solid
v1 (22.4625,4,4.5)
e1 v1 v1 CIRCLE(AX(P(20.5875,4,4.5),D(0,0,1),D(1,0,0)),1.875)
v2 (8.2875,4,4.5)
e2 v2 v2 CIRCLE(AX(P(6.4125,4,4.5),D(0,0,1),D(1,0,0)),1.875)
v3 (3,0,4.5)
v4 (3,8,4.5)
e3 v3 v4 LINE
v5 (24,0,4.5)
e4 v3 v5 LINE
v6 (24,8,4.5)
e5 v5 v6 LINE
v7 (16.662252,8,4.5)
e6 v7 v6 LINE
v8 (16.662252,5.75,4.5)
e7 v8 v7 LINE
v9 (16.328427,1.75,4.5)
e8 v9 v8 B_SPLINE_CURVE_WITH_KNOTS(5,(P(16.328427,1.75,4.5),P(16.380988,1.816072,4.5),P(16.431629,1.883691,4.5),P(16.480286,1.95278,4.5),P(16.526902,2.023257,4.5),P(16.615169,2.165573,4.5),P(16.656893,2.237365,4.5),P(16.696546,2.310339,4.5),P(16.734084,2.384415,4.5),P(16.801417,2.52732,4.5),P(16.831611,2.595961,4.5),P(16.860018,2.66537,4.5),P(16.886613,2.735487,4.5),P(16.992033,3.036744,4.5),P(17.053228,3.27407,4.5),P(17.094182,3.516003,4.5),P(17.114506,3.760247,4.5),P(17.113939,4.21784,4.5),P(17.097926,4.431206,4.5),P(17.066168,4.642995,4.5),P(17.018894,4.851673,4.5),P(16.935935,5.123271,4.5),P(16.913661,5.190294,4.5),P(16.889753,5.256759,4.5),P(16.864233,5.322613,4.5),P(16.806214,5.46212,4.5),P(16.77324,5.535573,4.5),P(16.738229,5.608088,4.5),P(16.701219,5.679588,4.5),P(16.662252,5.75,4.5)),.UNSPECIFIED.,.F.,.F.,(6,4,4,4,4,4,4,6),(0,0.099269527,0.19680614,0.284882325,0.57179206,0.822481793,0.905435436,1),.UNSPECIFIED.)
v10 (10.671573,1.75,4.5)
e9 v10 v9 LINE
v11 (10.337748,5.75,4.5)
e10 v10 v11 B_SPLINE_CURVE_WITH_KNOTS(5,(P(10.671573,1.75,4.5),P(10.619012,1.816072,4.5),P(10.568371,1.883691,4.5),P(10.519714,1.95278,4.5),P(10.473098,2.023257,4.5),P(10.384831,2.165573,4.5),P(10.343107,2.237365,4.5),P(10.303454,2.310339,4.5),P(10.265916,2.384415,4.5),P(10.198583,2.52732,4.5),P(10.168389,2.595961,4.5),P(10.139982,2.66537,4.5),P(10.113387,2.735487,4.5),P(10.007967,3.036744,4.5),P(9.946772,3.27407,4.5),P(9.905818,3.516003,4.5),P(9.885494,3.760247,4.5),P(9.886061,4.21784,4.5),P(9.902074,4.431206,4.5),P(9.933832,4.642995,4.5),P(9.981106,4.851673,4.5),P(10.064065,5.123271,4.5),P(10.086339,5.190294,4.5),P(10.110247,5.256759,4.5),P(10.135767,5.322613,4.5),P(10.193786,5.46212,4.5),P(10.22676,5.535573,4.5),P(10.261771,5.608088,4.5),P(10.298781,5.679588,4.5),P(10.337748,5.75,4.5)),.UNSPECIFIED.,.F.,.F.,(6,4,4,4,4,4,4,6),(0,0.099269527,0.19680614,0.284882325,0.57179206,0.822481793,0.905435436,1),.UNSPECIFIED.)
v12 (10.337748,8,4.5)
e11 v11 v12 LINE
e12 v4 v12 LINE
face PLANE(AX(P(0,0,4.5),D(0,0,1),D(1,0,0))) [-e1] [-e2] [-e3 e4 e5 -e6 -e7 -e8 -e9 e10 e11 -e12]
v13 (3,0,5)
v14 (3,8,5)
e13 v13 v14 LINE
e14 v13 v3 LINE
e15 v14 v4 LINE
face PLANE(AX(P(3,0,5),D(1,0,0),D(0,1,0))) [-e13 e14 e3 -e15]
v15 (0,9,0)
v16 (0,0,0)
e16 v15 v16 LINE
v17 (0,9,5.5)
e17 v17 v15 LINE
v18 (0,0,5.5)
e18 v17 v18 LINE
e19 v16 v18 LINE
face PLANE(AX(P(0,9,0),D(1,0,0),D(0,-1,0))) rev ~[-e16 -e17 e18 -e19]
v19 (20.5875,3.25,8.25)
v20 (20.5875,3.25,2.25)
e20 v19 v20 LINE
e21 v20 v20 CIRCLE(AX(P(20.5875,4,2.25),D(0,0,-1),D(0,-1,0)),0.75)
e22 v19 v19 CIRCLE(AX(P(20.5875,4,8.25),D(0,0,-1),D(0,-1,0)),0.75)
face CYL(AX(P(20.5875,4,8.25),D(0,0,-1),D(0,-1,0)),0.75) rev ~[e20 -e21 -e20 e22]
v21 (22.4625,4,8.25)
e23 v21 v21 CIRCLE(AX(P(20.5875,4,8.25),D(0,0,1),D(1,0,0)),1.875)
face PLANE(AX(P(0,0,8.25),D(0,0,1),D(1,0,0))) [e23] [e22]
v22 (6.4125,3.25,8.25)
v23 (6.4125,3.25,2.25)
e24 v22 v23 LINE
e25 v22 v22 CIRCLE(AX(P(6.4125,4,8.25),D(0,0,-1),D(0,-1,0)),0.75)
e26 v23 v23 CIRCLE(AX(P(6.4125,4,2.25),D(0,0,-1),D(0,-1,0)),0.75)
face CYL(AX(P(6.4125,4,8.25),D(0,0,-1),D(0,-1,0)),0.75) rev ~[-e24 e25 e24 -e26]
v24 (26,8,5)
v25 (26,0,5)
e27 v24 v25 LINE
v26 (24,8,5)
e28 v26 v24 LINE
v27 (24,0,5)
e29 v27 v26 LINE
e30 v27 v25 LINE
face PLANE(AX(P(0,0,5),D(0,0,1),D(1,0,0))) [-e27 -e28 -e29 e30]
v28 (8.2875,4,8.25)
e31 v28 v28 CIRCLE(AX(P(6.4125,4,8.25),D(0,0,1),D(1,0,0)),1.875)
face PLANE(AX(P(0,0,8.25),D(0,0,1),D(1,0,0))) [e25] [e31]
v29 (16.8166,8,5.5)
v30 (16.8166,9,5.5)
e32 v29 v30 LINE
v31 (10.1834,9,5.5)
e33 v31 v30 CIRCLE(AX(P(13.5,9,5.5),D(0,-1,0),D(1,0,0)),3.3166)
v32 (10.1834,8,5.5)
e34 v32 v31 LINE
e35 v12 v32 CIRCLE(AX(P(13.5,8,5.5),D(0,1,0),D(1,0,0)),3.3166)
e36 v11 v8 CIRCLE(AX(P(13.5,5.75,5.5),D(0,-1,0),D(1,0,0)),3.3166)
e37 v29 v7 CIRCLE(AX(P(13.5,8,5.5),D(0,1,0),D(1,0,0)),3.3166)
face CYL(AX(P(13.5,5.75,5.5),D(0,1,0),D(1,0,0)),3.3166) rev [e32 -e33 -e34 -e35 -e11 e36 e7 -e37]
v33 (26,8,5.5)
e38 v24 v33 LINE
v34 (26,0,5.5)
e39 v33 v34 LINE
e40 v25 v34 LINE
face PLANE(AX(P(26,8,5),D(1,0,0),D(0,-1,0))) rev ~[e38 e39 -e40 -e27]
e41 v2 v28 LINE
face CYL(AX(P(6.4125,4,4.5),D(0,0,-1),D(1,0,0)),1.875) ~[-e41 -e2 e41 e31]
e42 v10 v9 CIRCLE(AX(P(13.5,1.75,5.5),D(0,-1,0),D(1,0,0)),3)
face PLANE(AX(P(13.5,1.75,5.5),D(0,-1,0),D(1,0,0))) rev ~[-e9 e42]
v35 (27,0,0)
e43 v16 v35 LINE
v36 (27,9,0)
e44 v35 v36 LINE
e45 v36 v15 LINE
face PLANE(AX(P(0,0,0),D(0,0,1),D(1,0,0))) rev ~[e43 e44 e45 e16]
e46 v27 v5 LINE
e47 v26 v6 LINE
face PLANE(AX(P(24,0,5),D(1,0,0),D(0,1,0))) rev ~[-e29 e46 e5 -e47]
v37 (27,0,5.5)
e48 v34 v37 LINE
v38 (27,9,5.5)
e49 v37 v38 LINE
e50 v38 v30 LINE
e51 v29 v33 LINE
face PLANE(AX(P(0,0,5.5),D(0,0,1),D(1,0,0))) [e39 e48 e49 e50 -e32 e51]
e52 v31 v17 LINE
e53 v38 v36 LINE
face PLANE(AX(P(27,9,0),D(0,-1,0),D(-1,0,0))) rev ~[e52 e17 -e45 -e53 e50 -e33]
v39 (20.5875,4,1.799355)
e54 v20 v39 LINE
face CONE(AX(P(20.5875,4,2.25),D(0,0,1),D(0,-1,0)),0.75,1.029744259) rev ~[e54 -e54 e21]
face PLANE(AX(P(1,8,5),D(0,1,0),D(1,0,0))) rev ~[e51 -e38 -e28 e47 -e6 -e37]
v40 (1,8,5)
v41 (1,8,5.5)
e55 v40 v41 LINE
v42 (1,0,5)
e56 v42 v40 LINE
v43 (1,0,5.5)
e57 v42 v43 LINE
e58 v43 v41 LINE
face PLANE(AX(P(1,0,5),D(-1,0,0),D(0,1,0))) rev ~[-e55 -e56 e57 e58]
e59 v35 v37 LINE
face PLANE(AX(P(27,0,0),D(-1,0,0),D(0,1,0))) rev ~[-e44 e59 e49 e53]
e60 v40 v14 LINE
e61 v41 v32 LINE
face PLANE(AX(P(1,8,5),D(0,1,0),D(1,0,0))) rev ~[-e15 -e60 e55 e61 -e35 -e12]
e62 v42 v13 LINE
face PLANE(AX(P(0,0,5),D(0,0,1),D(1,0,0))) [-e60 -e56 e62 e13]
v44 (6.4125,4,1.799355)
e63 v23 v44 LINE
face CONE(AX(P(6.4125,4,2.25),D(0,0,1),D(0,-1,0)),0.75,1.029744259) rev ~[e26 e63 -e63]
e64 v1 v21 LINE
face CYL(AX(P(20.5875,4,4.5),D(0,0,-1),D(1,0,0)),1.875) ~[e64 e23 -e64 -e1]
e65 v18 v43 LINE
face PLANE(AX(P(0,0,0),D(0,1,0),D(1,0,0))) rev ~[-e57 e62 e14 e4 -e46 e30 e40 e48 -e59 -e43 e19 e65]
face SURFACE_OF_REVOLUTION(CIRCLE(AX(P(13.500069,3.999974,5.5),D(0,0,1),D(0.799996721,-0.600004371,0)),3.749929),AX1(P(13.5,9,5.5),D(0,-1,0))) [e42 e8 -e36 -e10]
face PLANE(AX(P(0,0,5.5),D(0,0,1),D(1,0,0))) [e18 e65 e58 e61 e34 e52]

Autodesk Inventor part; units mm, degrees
ref_plane "YZ Plane" through (0, 0, 0) normal (1, 0, 0) x (0, 1, 0)
ref_plane "XZ Plane" through (0, 0, 0) normal (0, 1, 0) x (-1, 0, 0)
ref_plane "XY Plane" through (0, 0, 0) normal (0, 0, 1) x (1, 0, 0)
sketch "Sketch1" plane through (0, 0, 0) normal (0, 0, 1) x (1, 0, 0)
  line L0 (0, 0) -> (27, 0)
  line L1 (27, 0) -> (27, 9)
  line L2 (27, 9) -> (0, 9)
  line L3 (0, 9) -> (0, 0)
  dimension "d0" = 27
  dimension "d1" = 9
extrude "Extrusion1" add sketch "Sketch1" along normal blind 5
sketch "Sketch2" plane through (0, 0, 5) normal (0, 0, 1) x (1, 0, 0)
  line L0 (0, 0) -> (27, 0) projected
  line L1 (0, 0) -> (1, 0)
  line L2 (1, 0) -> (1, 8)
  line L3 (1, 8) -> (26, 8)
  line L4 (26, 8) -> (26, 0)
  line L5 (27, 0) -> (27, 9) projected
  line L6 (27, 0) -> (26, 0)
  line L7 (27, 0) -> (27, 9)
  line L8 (27, 9) -> (0, 9)
  line L9 (0, 9) -> (0, 0) projected
  line L10 (0, 9) -> (0, 0)
  line L11 (13.5, 12) -> (13.5, -6.262) construction
  dimension "d4" = 1
  dimension "d5" = 1
extrude "Extrusion2" add sketch "Sketch2" along normal blind 0.5 contours L9 L8 L5 L0 L4 L3 L2
sketch "Sketch3" plane through (0, 0, 5) normal (0, 0, 1) x (1, 0, 0)
  line L0 (26, 0) -> (26, 8) construction
  line L1 (26, 8) -> (1, 8) construction
  line L2 (1, 8) -> (1, 0) construction
  line L3 (1, 0) -> (26, 0) construction
  line L4 (0, 0) -> (1, 0) construction
  line L5 (1, 0) -> (1, 8) construction
  line L6 (1, 8) -> (26, 8) construction
  line L7 (26, 8) -> (26, 0) construction
  line L8 (26, 0) -> (27, 0) construction
  line L9 (27, 0) -> (27, 9) construction
  line L10 (27, 9) -> (0, 9) construction
  line L11 (0, 9) -> (0, 0) construction
  line L12 (3, 0) -> (24, 0)
  line L13 (0, 0) -> (27, 0) projected
  line L14 (3, 0) -> (3, 8)
  line L15 (24, 0) -> (24, 8)
  line L16 (13.5, 10.7744) -> (13.5, -2.6721) construction
  line L17 (3, 8) -> (24, 8)
  dimension "d8" = 21
extrude "Extrusion3" cut sketch "Sketch3" against normal blind 0.5
sketch "Sketch4" plane through (0, 0, 4.5) normal (0, 0, 1) x (1, 0, 0)
  line L0 (24, 0) -> (3, 0) construction
  line L1 (24, 8) -> (24, 0) construction
  line L2 (3, 8) -> (24, 8) construction
  line L3 (3, 0) -> (3, 8) construction
  line L4 (3, 0) -> (3, 8) construction
  line L5 (3, 8) -> (1, 8) construction
  line L6 (1, 8) -> (1, 0) construction
  line L7 (1, 0) -> (3, 0) construction
  line L8 (24, 8) -> (24, 0) construction
  line L9 (24, 0) -> (26, 0) construction
  line L10 (26, 0) -> (26, 8) construction
  line L11 (26, 8) -> (24, 8) construction
  line L12 (0, 0) -> (1, 0) construction
  line L13 (1, 0) -> (1, 8) construction
  line L14 (1, 8) -> (26, 8) construction
  line L15 (26, 8) -> (26, 0) construction
  line L16 (26, 0) -> (27, 0) construction
  line L17 (27, 0) -> (27, 9) construction
  line L18 (27, 9) -> (0, 9) construction
  line L19 (0, 9) -> (0, 0) construction
  line L20 (13.5, 12.5235) -> (13.5, -4.7396) construction
  circle A0 centre (6.4125, 4) radius 1.875
  circle A1 centre (20.5875, 4) radius 1.875
  point P0 (13.5, 10.4822)
  dimension "d12" = 4
  dimension "d13" = 14.175
  dimension "d14" = 3.75
extrude "Extrusion4" add sketch "Sketch4" along normal blind 3.75
sketch "Sketch5" plane through (6.4125, 4, 8.25) normal (0, 0, 1) x (1, 0, 0)
  circle A0 centre (0, 0) radius 1.875 projected
  circle A1 centre (14.175, 0) radius 1.875 projected
  point P0 (-6.4125, -4)
hole "Hole1" at (6.4125, 4, 8.25) at (20.5875, 4, 8.25) direction (0, 0, -1) diameter 1.5 depth 6 tip angle 118
sketch "Sketch7" plane through (0, 0, 5.5) normal (0, 0, 1) x (1, 0, 0)
  line L0 (0, 0) -> (1, 0) construction
  line L1 (1, 0) -> (1, 8) construction
  line L2 (1, 8) -> (26, 8) construction
  line L3 (26, 8) -> (26, 0) construction
  line L4 (26, 0) -> (27, 0) construction
  line L5 (27, 0) -> (27, 9) construction
  line L6 (27, 9) -> (0, 9) construction
  line L7 (0, 9) -> (0, 0) construction
  circle A0 centre (6.4125, 4) radius 1.875 construction
  circle A1 centre (20.5875, 4) radius 1.875 construction
  line L8 (24, 0) -> (3, 0) construction
  line L9 (24, 8) -> (24, 0) construction
  line L10 (3, 8) -> (24, 8) construction
  line L11 (3, 0) -> (3, 8) construction
  line L12 (24, 8) -> (24, 0) construction
  line L13 (24, 0) -> (26, 0) construction
  line L14 (26, 0) -> (26, 8) construction
  line L15 (26, 8) -> (24, 8) construction
  line L16 (3, 0) -> (3, 8) construction
  line L17 (3, 8) -> (1, 8) construction
  line L18 (1, 8) -> (1, 0) construction
  line L19 (1, 0) -> (3, 0) construction
  line L20 (27, 9) -> (0, 9) construction
  line L21 (13.5, 9) -> (13.5, 1.75)
  line L22 (23, 1.75) -> (16.5, 1.75) construction
  arc A2 (16.5, 1.75) -> (16.8166, 5.75) centre (13.5, 4) ccw
  line L23 (16.5, 1.75) -> (13.5, 1.75)
  line L24 (13.5, 1.75) -> (5.7709, 1.75) construction
  line L25 (16.8166, 5.75) -> (16.8166, 9)
  line L26 (16.8166, 9) -> (13.5, 9)
  line L27 (13.5, 1.75) -> (13.5, 0) construction
  dimension "d28" = 1.75
  dimension "d29" = 3.75
  dimension "d30" = 4
  dimension "d31" = 3
revolve "Revolution1" cut sketch "Sketch7" angle 360 about axis through (13.5, 9, 5.5) along (0, -1, 0)
properties part number "Part2v2"
